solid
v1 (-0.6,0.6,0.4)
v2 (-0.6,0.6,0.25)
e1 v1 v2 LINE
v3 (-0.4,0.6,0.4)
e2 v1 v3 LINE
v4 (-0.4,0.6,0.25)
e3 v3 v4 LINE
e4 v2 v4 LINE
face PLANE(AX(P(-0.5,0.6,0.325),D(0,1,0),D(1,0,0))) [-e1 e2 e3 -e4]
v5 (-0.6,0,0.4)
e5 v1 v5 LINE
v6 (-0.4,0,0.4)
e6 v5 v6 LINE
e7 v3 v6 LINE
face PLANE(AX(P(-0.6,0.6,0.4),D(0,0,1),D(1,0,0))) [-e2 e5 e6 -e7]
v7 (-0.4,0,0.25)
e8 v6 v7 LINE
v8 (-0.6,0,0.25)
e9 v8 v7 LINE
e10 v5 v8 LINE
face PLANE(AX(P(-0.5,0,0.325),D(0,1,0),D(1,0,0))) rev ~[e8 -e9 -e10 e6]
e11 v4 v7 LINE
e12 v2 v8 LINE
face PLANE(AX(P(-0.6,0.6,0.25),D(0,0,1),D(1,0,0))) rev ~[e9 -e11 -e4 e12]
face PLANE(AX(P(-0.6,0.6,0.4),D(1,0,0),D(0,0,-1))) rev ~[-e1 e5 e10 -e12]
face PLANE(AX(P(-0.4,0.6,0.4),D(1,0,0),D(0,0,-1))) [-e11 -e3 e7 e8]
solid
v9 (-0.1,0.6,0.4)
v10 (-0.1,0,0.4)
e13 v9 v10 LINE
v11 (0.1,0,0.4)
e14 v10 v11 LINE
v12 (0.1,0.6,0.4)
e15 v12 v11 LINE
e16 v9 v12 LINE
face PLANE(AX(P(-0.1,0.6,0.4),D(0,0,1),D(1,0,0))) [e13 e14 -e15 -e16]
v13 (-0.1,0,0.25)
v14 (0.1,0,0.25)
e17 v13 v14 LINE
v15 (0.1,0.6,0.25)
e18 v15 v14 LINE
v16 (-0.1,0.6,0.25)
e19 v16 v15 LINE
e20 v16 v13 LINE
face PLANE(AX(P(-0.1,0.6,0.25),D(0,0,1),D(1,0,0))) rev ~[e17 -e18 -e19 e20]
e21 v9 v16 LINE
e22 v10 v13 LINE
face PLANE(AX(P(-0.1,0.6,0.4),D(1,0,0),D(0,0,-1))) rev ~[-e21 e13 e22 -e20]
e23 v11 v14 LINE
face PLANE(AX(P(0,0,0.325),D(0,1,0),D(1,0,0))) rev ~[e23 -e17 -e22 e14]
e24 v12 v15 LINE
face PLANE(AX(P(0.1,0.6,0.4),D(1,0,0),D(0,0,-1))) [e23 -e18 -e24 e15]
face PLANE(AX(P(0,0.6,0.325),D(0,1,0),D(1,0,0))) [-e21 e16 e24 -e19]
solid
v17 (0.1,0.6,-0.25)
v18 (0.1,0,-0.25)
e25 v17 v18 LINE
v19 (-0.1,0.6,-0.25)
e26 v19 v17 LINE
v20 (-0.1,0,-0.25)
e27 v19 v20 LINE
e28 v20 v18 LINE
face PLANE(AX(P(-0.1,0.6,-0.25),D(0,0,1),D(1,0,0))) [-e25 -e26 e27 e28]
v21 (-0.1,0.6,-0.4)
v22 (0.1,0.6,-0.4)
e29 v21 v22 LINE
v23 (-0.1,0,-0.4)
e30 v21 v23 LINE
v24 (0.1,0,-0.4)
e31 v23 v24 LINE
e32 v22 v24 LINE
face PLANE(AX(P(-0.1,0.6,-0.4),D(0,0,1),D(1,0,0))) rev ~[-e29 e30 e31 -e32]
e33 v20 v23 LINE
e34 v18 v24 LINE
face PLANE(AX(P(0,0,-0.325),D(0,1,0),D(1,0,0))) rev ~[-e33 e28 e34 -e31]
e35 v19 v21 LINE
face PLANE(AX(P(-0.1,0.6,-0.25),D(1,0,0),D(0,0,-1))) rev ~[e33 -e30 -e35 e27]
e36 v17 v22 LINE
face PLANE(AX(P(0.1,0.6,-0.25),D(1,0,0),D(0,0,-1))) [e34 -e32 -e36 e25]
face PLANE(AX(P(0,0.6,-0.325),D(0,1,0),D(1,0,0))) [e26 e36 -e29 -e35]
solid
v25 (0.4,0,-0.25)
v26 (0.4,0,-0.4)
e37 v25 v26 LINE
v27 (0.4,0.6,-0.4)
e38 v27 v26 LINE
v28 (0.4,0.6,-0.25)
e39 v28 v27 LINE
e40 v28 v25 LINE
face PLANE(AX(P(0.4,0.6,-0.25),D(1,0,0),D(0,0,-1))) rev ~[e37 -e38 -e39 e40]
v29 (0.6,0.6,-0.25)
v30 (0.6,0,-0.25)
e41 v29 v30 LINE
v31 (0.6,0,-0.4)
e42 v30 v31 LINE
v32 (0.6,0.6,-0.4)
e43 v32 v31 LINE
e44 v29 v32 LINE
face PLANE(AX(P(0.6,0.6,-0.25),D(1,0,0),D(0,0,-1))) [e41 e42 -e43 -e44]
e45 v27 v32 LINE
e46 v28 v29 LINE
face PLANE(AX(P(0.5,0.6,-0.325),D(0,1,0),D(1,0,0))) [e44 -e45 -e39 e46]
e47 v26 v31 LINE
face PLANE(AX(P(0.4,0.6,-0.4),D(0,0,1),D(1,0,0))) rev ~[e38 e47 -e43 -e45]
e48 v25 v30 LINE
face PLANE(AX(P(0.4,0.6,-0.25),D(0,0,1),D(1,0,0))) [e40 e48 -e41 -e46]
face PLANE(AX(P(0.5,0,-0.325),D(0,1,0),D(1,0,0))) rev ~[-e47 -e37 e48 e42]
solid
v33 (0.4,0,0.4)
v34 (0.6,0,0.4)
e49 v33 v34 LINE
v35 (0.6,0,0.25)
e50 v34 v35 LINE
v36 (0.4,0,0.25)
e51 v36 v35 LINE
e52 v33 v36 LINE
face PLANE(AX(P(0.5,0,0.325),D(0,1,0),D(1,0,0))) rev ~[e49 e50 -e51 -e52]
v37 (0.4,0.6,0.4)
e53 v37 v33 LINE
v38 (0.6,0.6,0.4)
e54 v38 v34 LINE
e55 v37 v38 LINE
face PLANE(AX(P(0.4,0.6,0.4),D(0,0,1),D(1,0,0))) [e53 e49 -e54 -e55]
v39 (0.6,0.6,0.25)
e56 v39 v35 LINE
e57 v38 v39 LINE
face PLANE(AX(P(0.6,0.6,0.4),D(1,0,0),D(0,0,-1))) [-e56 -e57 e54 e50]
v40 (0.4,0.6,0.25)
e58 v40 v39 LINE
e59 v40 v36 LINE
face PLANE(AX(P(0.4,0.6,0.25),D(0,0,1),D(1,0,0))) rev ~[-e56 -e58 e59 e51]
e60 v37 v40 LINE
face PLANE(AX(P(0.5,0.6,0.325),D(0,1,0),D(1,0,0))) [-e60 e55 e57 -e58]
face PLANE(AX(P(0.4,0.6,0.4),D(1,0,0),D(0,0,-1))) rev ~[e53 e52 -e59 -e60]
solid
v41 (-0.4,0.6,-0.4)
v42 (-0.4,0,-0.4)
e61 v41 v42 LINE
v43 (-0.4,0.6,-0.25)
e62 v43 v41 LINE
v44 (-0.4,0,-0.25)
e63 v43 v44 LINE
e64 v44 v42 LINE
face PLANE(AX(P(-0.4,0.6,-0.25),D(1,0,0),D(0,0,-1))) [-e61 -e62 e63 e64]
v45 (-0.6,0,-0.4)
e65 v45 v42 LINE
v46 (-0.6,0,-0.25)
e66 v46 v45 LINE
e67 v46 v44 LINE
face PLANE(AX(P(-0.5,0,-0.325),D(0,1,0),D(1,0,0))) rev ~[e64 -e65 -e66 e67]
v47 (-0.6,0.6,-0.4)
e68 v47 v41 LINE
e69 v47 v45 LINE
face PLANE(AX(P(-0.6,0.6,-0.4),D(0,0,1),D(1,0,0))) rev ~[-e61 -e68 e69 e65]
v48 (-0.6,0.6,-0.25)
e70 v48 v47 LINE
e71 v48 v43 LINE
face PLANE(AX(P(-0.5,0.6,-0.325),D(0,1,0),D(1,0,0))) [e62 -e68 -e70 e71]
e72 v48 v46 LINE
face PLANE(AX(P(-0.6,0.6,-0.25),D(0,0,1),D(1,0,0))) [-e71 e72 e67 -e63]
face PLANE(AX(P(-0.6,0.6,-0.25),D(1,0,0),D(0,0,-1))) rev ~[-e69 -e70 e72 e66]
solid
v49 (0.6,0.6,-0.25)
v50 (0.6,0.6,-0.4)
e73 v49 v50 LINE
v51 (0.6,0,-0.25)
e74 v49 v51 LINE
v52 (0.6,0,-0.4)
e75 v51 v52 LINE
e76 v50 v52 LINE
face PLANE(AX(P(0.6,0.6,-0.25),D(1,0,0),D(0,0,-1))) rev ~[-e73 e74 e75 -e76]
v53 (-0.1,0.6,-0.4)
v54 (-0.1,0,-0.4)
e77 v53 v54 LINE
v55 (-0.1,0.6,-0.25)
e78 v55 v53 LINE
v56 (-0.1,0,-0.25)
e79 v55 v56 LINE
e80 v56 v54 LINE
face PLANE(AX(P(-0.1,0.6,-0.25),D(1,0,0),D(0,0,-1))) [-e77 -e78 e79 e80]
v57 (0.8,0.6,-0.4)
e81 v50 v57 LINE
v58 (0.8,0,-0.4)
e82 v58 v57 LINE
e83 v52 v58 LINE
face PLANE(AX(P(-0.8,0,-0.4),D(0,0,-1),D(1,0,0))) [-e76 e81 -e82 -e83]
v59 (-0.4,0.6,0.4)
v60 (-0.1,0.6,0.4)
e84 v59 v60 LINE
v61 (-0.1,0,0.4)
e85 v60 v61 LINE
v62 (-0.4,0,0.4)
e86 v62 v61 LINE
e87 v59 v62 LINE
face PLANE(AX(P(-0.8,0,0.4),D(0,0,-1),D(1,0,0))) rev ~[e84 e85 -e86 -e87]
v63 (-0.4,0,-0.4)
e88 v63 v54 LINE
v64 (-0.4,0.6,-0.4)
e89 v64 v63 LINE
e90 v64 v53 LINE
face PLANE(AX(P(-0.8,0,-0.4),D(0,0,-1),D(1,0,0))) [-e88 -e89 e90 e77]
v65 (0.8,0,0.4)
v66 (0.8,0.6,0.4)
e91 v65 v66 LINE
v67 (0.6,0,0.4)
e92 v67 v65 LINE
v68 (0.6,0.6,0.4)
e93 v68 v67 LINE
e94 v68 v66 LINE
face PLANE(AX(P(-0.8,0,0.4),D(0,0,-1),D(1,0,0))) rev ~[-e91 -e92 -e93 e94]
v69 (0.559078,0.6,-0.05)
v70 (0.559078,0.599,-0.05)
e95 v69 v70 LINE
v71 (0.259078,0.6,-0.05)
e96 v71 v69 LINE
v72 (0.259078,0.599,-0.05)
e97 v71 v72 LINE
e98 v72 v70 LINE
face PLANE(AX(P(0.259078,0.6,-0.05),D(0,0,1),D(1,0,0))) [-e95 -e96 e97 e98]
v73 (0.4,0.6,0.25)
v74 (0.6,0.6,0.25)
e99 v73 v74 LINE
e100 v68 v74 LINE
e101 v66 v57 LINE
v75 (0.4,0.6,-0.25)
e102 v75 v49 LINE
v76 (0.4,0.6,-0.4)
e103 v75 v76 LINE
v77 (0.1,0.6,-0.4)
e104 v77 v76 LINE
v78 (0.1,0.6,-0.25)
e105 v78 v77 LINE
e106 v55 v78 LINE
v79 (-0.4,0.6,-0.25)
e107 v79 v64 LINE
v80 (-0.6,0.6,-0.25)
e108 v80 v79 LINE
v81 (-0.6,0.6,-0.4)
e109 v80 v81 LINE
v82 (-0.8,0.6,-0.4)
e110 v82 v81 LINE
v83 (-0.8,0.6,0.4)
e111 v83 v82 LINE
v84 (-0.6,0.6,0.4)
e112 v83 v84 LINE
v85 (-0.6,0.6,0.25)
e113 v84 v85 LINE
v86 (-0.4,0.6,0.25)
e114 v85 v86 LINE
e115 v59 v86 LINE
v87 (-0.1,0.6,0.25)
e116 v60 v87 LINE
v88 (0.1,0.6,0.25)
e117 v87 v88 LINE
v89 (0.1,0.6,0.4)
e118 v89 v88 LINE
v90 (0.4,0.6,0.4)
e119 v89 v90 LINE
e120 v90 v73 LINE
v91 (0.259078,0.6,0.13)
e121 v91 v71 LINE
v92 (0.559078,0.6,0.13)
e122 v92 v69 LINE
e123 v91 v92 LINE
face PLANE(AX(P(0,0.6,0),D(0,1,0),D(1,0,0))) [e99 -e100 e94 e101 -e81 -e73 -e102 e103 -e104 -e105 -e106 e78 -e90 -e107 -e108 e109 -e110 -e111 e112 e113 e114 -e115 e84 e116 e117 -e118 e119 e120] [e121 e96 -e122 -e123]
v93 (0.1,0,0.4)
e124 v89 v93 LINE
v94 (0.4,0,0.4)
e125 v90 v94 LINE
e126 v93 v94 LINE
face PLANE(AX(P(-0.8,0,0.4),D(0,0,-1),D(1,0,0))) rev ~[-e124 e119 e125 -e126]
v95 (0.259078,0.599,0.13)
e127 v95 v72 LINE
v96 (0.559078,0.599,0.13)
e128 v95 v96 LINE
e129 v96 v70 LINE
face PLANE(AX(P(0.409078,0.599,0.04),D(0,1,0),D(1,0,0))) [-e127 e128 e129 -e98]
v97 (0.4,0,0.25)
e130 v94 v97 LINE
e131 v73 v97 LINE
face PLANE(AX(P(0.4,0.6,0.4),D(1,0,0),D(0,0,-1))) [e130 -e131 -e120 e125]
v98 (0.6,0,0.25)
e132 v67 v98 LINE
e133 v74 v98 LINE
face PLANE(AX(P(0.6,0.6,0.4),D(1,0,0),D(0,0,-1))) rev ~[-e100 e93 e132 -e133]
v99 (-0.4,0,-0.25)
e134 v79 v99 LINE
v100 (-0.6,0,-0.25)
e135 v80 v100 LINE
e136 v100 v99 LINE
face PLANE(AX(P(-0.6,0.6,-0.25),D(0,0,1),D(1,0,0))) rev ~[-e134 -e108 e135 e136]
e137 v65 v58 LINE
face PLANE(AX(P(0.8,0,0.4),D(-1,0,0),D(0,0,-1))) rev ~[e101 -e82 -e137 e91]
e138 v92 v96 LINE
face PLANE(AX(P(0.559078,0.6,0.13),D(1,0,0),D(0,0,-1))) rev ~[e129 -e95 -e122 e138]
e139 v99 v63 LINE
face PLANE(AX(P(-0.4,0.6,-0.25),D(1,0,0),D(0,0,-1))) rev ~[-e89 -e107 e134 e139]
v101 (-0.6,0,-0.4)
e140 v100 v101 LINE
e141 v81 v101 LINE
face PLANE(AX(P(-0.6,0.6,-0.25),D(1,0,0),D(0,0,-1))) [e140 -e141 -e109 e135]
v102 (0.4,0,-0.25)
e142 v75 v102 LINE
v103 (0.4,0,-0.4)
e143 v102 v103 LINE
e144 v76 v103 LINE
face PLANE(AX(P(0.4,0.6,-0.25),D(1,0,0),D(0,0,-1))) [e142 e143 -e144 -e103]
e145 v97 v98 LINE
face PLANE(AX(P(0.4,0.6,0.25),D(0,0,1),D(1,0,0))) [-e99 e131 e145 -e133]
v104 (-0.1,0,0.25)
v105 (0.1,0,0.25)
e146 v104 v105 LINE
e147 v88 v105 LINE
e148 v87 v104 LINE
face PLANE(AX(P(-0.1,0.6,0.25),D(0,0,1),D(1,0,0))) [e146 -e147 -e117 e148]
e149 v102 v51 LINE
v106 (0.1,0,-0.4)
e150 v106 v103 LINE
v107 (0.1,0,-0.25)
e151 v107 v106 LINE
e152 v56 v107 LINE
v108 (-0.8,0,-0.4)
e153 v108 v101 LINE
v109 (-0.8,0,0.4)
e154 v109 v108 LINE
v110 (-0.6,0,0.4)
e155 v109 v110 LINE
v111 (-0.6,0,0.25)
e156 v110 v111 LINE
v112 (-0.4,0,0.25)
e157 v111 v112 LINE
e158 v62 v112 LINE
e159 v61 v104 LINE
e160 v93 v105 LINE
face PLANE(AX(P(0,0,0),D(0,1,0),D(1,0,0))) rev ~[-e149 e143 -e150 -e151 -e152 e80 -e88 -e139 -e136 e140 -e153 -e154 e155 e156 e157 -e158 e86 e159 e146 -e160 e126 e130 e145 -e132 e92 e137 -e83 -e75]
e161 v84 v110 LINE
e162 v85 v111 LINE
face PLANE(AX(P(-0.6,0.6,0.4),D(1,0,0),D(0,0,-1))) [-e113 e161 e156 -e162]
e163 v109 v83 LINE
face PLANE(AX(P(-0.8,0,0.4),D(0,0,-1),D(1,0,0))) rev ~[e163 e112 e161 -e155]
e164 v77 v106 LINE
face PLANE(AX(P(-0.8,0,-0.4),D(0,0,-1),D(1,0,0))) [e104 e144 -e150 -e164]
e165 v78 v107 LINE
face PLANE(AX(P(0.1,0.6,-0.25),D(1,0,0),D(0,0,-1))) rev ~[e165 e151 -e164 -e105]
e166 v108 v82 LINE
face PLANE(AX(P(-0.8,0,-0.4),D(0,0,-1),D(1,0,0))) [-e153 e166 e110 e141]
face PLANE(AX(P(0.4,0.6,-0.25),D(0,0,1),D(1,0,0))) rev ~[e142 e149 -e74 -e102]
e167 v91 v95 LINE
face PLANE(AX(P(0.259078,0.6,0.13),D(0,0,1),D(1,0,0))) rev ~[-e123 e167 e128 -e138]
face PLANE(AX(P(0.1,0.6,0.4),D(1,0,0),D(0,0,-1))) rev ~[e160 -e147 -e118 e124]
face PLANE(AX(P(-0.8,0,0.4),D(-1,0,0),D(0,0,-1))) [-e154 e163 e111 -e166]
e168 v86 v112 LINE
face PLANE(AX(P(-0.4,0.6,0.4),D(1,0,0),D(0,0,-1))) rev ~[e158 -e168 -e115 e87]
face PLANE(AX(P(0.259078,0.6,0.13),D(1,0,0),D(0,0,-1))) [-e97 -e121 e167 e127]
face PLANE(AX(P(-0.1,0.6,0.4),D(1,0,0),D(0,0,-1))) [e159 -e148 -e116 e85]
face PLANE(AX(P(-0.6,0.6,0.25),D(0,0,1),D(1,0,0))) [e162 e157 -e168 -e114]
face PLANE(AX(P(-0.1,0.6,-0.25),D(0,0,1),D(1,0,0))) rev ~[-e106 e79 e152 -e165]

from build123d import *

# Parameters (mm, degrees)
SKETCH1_W             = 1.6
SKETCH1_H             = 0.8
BOSS_EXTRUDE1_DEPTH   = 0.6
SKETCH2_W             = 0.2
SKETCH2_H             = 0.15
CUT_EXTRUDE1_DEPTH    = 1
SKETCH3_W             = 0.2
SKETCH3_H             = 0.15
BOSS_EXTRUDE3_DEPTH   = 0.6
BOSS_EXTRUDE3_2_DEPTH = 0.6
BOSS_EXTRUDE3_3_DEPTH = 0.6
BOSS_EXTRUDE3_4_DEPTH = 0.6
BOSS_EXTRUDE3_5_DEPTH = 0.6
BOSS_EXTRUDE3_6_DEPTH = 0.6
SKETCH4_W             = 0.3
SKETCH4_H             = 0.18
CUT_EXTRUDE2_DEPTH    = 0.001


with BuildPart() as part:
    # Sketch1 → Boss-Extrude1 (new body)
    with BuildSketch(Plane(origin=(0, 0, 0), x_dir=(1, 0, 0), z_dir=(0, 1, 0))):
        Rectangle(SKETCH1_W, SKETCH1_H)
    extrude(amount=BOSS_EXTRUDE1_DEPTH)

    # Sketch2 → Cut-Extrude1 (cut)
    with BuildSketch(Plane(origin=(0, 0.6, 0), x_dir=(1, 0, 0), z_dir=(0, 1, 0))):
        with Locations((0.5, -0.325)):
            Rectangle(SKETCH2_W, SKETCH2_H)
        with Locations((0, -0.325)):
            Rectangle(SKETCH2_W, SKETCH2_H)
        with Locations((-0.5, -0.325)):
            Rectangle(SKETCH2_W, SKETCH2_H)
        with Locations((0, 0.325)):
            Rectangle(SKETCH2_W, SKETCH2_H)
        with Locations((0.5, 0.325)):
            Rectangle(SKETCH2_W, SKETCH2_H)
        with Locations((-0.5, 0.325)):
            Rectangle(SKETCH2_W, SKETCH2_H)
    extrude(amount=-CUT_EXTRUDE1_DEPTH, mode=Mode.SUBTRACT)

    # Sketch4 → Cut-Extrude2 (cut)
    with BuildSketch(Plane(origin=(0, 0.6, 0), x_dir=(1, 0, 0), z_dir=(0, 1, 0))):
        with Locations((0.409078339, -0.04)):
            Rectangle(SKETCH4_W, SKETCH4_H)
    extrude(amount=-CUT_EXTRUDE2_DEPTH, mode=Mode.SUBTRACT)


with BuildPart() as body_2:
    # Sketch3 → Boss-Extrude3 (new body)
    with BuildSketch(Plane(origin=(0, 0.6, 0), x_dir=(1, 0, 0), z_dir=(0, 1, 0))):
        with Locations((-0.5, 0.325)):
            Rectangle(SKETCH3_W, SKETCH3_H)
    extrude(amount=-BOSS_EXTRUDE3_DEPTH)


with BuildPart() as body_3:
    # Sketch3 → Boss-Extrude3 2 (new body)
    with BuildSketch(Plane(origin=(0, 0.6, 0), x_dir=(1, 0, 0), z_dir=(0, 1, 0))):
        with Locations((0.5, -0.325)):
            Rectangle(SKETCH3_W, SKETCH3_H)
    extrude(amount=-BOSS_EXTRUDE3_2_DEPTH)


with BuildPart() as body_4:
    # Sketch3 → Boss-Extrude3 3 (new body)
    with BuildSketch(Plane(origin=(0, 0.6, 0), x_dir=(1, 0, 0), z_dir=(0, 1, 0))):
        with Locations((-0.5, -0.325)):
            Rectangle(SKETCH3_W, SKETCH3_H)
    extrude(amount=-BOSS_EXTRUDE3_3_DEPTH)


with BuildPart() as body_5:
    # Sketch3 → Boss-Extrude3 4 (new body)
    with BuildSketch(Plane(origin=(0, 0.6, 0), x_dir=(1, 0, 0), z_dir=(0, 1, 0))):
        with Locations((0, -0.325)):
            Rectangle(SKETCH3_W, SKETCH3_H)
    extrude(amount=-BOSS_EXTRUDE3_4_DEPTH)


with BuildPart() as body_6:
    # Sketch3 → Boss-Extrude3 5 (new body)
    with BuildSketch(Plane(origin=(0, 0.6, 0), x_dir=(1, 0, 0), z_dir=(0, 1, 0))):
        with Locations((0.5, 0.325)):
            Rectangle(SKETCH3_W, SKETCH3_H)
    extrude(amount=-BOSS_EXTRUDE3_5_DEPTH)


with BuildPart() as body_7:
    # Sketch3 → Boss-Extrude3 6 (new body)
    with BuildSketch(Plane(origin=(0, 0.6, 0), x_dir=(1, 0, 0), z_dir=(0, 1, 0))):
        with Locations((0, 0.325)):
            Rectangle(SKETCH3_W, SKETCH3_H)
    extrude(amount=-BOSS_EXTRUDE3_6_DEPTH)


solid = Compound([part.part, body_2.part, body_3.part, body_4.part, body_5.part, body_6.part, body_7.part])
